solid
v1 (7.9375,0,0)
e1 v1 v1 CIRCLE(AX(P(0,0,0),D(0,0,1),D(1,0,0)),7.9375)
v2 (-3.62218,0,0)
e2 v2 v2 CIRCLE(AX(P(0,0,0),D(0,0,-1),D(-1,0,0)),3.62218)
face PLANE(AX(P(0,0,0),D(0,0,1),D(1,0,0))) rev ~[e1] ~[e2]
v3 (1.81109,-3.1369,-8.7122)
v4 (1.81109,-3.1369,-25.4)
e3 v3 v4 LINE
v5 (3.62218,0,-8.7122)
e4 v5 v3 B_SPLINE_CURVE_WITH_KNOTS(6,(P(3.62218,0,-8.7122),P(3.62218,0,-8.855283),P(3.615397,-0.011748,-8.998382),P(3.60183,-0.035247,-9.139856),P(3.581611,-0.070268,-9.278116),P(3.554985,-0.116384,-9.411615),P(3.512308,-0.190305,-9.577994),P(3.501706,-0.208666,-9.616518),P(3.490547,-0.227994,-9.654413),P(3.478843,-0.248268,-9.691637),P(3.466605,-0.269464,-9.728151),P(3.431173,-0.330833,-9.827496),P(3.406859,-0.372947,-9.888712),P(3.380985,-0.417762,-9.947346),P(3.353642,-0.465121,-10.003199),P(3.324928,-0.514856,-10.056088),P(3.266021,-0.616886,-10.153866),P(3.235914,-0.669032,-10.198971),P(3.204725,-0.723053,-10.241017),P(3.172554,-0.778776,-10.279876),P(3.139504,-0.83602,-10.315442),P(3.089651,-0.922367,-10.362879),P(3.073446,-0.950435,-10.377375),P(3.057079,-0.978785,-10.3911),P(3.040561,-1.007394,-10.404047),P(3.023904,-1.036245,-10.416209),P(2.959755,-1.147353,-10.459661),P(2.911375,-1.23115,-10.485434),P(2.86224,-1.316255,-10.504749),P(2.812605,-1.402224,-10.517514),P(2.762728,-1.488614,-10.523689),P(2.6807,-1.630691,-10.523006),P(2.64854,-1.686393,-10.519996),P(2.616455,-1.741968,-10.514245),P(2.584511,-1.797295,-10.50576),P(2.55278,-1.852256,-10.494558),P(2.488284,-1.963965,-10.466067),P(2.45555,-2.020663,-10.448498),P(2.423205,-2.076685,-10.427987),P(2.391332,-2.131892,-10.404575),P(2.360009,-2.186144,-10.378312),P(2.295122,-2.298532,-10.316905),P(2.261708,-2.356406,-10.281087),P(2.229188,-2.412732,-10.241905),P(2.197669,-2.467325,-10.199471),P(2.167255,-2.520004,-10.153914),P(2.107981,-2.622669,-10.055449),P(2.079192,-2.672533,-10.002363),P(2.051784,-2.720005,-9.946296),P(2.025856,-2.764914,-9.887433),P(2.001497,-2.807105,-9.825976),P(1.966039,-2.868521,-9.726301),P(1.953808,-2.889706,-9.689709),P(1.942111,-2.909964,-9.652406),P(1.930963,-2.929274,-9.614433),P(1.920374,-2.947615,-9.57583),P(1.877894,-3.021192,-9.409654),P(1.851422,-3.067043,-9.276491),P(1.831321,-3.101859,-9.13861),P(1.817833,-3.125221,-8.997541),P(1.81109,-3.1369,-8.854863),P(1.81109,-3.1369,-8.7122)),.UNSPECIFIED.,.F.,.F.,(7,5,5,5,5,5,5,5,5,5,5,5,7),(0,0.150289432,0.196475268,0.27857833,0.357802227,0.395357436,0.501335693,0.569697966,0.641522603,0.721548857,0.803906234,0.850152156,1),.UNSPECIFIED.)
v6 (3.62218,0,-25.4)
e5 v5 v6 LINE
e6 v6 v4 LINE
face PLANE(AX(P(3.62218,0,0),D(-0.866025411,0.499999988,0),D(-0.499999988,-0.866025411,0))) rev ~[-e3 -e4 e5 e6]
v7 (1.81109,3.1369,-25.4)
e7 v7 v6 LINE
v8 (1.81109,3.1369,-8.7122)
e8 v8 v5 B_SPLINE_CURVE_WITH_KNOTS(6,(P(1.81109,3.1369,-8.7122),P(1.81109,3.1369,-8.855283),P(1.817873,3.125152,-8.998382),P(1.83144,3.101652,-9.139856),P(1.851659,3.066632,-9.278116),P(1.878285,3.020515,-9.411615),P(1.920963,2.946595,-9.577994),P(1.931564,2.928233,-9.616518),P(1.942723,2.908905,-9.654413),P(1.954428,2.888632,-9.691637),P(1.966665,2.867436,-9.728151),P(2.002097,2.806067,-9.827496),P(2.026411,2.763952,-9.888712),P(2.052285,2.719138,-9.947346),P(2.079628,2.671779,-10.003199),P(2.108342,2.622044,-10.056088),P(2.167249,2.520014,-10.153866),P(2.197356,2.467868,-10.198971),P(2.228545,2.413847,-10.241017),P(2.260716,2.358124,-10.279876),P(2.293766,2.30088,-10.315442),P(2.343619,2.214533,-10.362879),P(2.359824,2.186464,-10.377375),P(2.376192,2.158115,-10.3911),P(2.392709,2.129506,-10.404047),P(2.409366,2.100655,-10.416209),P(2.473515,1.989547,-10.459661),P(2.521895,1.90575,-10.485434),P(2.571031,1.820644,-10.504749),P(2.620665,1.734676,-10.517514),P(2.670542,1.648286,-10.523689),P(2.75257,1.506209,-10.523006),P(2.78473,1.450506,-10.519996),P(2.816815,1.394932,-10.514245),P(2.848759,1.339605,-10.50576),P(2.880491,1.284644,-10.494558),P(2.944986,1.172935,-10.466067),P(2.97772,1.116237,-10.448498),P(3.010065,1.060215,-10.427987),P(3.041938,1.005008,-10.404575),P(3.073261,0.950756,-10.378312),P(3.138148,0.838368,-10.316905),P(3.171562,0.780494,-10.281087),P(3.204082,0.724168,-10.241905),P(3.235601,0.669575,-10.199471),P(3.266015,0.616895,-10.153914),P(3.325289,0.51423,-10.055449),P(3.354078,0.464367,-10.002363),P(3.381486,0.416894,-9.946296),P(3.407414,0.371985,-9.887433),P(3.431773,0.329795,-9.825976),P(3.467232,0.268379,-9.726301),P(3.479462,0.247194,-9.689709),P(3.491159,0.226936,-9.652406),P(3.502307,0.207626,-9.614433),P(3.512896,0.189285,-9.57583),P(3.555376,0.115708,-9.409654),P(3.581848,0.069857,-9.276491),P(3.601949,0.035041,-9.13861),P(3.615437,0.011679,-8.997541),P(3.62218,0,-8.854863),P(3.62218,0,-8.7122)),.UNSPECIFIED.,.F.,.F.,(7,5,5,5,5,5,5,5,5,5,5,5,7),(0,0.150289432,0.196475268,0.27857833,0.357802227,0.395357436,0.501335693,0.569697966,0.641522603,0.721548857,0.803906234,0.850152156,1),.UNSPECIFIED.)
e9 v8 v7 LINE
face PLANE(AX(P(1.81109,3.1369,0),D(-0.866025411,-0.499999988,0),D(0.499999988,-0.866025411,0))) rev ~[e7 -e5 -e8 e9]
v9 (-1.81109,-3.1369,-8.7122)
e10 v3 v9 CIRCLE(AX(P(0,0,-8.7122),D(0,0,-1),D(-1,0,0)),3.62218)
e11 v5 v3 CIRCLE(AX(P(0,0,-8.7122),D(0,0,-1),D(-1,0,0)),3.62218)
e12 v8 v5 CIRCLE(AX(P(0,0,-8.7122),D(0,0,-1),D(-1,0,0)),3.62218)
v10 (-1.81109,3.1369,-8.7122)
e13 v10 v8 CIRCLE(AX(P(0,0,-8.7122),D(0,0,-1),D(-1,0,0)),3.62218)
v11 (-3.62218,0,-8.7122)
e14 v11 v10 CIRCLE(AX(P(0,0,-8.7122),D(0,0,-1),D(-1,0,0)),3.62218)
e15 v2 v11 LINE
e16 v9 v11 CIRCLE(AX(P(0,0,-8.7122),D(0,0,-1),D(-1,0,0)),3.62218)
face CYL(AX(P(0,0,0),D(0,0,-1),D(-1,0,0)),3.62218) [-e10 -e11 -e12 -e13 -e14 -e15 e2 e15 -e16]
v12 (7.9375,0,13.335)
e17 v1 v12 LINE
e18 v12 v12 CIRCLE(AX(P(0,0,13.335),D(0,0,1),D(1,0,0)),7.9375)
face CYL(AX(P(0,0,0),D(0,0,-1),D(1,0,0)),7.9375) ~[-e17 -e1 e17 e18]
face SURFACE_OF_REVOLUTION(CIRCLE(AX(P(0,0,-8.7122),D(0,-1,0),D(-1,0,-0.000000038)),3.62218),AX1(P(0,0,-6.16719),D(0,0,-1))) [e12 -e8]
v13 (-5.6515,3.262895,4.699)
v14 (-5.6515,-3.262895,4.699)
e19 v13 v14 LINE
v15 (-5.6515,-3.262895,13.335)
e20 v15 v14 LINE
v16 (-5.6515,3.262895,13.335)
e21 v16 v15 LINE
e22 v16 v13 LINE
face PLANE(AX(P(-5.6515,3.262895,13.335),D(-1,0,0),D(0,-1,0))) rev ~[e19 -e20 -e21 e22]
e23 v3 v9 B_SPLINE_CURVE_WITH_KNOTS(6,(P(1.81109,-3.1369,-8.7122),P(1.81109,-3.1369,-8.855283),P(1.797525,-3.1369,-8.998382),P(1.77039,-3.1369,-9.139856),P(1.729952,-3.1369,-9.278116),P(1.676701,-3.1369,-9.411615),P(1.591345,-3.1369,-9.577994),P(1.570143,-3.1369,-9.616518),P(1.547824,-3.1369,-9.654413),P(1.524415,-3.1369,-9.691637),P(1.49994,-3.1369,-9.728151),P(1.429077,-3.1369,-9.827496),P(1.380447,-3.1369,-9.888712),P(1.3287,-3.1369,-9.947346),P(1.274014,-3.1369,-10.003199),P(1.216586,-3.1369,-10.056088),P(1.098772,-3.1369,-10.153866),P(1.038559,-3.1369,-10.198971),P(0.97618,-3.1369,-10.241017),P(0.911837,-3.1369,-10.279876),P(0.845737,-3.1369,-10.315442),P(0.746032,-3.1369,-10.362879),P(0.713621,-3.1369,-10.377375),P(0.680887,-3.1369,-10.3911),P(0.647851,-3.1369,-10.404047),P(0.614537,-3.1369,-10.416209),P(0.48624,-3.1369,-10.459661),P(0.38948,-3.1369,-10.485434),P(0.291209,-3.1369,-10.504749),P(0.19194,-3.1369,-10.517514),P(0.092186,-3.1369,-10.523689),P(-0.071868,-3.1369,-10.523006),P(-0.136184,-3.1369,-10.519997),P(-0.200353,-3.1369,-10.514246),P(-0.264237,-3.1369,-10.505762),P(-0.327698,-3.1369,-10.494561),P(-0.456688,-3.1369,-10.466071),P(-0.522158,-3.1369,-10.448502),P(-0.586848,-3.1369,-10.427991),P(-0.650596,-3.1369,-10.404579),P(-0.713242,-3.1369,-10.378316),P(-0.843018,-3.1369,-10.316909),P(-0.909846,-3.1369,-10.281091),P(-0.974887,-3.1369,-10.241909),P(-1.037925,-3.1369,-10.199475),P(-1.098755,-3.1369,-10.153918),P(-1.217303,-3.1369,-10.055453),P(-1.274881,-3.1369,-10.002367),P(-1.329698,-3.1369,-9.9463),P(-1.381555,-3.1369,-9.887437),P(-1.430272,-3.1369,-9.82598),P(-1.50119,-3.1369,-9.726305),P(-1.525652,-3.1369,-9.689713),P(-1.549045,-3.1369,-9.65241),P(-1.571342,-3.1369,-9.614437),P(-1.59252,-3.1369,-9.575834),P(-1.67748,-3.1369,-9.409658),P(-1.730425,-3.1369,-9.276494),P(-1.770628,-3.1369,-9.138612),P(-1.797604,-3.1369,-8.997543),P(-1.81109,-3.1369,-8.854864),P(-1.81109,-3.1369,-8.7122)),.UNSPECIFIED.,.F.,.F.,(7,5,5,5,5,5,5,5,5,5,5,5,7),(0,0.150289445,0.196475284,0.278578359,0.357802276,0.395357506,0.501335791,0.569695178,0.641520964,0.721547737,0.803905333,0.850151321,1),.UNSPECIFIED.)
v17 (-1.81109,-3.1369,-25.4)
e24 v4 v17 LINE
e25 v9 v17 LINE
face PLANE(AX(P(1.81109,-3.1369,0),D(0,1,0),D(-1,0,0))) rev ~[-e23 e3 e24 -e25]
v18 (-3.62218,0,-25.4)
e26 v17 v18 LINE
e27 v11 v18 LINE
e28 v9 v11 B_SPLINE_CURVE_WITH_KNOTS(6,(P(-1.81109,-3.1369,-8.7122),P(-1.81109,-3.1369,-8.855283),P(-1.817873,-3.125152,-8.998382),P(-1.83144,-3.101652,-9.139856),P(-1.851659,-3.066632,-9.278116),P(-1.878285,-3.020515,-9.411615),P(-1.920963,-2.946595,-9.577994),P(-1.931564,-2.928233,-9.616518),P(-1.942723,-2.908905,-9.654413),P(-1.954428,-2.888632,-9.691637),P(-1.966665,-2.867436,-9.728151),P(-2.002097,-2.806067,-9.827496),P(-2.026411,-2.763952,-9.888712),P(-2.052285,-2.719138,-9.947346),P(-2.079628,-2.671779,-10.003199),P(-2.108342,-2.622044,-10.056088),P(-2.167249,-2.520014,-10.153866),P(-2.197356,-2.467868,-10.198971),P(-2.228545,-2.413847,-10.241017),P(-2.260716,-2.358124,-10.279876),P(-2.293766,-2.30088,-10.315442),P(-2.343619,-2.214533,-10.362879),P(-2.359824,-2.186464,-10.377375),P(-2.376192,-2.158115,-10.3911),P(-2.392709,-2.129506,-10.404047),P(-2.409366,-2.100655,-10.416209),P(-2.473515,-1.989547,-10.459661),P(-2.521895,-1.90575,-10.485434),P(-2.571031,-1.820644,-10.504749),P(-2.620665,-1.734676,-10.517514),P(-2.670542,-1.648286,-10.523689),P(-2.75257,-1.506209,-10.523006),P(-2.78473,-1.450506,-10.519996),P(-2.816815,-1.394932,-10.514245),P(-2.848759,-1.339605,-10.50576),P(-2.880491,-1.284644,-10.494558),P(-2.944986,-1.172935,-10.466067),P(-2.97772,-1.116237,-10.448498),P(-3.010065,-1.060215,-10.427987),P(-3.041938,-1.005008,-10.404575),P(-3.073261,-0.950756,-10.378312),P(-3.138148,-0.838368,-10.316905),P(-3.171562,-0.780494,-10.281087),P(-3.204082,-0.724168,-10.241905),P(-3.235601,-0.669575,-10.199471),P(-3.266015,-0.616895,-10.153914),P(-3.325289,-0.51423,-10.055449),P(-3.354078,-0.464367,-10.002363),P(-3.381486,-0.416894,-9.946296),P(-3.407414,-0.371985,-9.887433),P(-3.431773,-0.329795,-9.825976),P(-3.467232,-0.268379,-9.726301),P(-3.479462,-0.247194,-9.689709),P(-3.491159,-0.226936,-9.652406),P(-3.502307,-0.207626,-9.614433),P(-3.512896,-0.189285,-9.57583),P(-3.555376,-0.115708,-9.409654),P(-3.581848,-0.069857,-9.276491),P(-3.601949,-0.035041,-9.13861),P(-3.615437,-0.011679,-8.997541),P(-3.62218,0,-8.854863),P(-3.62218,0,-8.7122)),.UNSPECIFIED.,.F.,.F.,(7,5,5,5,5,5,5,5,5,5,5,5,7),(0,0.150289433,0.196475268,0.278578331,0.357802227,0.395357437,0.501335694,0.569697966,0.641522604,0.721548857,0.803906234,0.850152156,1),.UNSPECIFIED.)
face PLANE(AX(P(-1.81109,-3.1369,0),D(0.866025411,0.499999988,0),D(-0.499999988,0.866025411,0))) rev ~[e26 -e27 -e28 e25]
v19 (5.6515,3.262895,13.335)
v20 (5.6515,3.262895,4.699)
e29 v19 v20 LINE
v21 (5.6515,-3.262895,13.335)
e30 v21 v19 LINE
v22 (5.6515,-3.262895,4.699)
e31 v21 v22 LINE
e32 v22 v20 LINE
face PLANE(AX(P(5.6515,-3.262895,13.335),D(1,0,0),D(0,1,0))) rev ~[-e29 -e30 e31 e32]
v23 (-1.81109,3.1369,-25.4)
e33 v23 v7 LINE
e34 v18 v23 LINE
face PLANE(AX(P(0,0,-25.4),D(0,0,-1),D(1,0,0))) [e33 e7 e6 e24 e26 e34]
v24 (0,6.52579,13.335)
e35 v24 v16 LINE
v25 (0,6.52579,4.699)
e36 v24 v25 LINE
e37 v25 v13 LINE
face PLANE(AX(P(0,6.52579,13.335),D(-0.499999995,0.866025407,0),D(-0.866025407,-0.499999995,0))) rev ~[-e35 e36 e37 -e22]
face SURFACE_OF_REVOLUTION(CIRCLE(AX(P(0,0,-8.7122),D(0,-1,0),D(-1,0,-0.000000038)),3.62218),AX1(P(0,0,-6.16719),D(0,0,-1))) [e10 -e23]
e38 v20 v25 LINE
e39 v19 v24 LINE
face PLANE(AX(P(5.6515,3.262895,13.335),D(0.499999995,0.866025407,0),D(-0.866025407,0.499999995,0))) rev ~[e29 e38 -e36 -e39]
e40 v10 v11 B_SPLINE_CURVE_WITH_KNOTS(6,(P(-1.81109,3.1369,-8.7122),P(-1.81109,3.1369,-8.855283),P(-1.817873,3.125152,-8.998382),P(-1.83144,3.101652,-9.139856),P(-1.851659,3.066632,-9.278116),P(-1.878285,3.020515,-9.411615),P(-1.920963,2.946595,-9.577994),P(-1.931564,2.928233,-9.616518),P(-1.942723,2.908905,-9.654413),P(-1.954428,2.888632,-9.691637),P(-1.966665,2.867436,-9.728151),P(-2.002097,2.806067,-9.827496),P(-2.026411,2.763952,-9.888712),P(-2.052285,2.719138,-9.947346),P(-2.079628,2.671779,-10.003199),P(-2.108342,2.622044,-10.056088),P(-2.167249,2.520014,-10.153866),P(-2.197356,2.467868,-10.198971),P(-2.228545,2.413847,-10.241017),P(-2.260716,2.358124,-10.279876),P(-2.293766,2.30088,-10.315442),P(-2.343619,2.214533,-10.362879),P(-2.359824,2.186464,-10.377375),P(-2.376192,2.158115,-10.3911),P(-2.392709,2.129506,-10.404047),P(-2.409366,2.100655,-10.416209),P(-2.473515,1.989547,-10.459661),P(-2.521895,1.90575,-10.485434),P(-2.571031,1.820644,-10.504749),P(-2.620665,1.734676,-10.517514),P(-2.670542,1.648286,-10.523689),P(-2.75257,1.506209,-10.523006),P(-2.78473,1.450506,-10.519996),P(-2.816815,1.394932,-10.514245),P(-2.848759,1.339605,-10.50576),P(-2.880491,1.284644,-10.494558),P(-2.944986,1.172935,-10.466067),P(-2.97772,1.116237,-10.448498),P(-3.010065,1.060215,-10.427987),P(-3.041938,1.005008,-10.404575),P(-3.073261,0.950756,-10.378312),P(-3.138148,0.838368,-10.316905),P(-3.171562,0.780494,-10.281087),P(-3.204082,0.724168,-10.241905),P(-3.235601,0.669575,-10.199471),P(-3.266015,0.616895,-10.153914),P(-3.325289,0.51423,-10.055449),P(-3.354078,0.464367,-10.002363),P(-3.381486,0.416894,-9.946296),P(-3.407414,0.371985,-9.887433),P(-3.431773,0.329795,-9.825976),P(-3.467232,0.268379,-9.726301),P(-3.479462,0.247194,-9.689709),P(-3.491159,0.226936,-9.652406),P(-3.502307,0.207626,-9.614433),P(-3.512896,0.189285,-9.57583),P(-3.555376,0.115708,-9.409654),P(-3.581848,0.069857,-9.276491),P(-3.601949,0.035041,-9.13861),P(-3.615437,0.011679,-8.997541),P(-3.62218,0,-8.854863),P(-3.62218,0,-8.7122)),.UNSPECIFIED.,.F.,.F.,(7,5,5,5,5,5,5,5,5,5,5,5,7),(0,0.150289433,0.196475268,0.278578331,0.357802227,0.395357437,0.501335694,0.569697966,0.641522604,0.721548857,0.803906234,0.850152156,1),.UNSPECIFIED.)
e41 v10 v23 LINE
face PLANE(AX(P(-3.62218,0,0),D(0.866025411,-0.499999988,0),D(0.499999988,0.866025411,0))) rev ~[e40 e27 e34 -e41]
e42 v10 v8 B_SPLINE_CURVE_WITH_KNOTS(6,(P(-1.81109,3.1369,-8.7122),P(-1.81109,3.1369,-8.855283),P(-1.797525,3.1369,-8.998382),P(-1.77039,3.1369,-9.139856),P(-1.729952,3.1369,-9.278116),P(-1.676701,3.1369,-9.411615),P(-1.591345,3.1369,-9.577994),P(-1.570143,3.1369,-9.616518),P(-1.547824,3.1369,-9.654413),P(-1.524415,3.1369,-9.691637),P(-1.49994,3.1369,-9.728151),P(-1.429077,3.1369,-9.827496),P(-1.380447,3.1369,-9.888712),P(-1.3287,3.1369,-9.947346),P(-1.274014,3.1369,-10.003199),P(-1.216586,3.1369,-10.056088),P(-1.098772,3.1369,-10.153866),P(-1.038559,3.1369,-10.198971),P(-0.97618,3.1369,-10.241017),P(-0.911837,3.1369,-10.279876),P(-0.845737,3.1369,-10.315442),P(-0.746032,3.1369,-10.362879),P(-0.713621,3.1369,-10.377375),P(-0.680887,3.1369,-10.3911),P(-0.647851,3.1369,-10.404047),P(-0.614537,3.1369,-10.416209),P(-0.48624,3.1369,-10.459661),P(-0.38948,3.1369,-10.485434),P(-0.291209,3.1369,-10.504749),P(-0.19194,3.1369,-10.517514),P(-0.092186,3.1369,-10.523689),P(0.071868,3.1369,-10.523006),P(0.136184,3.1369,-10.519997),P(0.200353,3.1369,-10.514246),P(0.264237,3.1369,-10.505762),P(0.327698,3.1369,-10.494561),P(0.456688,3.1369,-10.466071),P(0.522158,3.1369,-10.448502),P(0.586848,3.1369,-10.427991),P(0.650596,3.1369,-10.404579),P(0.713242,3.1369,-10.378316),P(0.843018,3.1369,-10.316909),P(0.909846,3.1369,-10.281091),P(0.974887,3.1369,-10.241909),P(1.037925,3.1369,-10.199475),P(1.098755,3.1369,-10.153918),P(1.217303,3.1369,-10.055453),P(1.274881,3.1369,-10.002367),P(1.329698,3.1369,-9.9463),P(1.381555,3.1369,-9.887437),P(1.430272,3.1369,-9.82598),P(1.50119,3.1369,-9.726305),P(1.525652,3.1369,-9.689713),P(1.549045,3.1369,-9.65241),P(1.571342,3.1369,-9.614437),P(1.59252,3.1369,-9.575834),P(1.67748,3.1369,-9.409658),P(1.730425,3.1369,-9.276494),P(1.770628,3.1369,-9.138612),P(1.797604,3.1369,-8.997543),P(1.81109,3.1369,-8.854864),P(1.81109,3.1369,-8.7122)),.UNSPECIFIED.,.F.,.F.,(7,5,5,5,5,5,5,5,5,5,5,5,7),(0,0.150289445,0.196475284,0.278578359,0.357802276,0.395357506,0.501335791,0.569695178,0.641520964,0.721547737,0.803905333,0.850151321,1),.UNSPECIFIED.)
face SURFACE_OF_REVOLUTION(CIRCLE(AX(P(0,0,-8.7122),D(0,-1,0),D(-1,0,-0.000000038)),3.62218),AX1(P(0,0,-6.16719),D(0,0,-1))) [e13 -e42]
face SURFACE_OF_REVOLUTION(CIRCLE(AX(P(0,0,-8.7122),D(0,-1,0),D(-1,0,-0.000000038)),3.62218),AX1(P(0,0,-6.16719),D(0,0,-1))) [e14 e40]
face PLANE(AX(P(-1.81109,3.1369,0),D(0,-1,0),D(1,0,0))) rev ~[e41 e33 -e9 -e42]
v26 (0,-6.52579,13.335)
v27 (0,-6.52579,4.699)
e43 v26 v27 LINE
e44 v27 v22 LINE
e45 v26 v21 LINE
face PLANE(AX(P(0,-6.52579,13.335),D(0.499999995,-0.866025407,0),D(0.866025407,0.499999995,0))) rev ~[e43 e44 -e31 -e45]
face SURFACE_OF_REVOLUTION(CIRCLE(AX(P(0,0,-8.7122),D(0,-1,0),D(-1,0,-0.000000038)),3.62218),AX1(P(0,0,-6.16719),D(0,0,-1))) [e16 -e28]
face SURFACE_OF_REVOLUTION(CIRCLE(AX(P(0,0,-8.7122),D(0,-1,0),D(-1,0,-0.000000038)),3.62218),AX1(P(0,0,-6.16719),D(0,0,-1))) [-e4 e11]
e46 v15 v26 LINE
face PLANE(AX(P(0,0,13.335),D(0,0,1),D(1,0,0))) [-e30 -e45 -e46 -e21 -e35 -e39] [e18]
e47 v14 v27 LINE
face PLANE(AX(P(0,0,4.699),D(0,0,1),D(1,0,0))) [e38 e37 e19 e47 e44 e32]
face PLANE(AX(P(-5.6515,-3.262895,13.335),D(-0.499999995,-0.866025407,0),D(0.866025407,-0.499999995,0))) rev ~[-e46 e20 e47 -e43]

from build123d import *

# Parameters (mm, degrees)
F0_R     = 7.9375
F1_DEPTH = 13.335
F3_DEPTH = 8.636
F5_DEPTH = 25.4


with BuildPart() as f1:
    # F0 (on Top) → F1 (new body)
    with BuildSketch(Plane.XY):
        Circle(F0_R)
    extrude(amount=F1_DEPTH)

    # F2 (on face) → F3 (cut)
    with BuildSketch(Plane.XY.offset(13.335)):
        Polygon((5.6515, -3.262895), (5.6515, 3.262895), (0, 6.52579), (-5.6515, 3.262895), (-5.6515, -3.262895), (0, -6.52579), align=None)
    extrude(amount=-F3_DEPTH, mode=Mode.SUBTRACT)

    # F4 (on face) → F5 (join)
    with BuildSketch(Plane(origin=(0, 0, 0), x_dir=(1, 0, 0), z_dir=(0, 0, -1))):
        Polygon((-1.81109, -3.1369), (1.81109, -3.1369), (3.62218, 0), (1.81109, 3.1369), (-1.81109, 3.1369), (-3.62218, 0), align=None)
    extrude(amount=F5_DEPTH)

    # F6 (on Front) → F7 (revolve)
    with BuildSketch(Plane.XZ):
        with BuildLine():
            Line((0, 0), (-3.62218, 0))
            Line((-3.62218, 0), (-3.62218, -8.7122))
            ThreePointArc((-3.62218, -8.7122), (-2.561268, -11.273468), (0, -12.33438))
            Line((0, -12.33438), (0, 0))
        make_face()
    revolve(axis=Axis((0, 0, -6.16719), (0, 0, -1)))


solid = f1.part
